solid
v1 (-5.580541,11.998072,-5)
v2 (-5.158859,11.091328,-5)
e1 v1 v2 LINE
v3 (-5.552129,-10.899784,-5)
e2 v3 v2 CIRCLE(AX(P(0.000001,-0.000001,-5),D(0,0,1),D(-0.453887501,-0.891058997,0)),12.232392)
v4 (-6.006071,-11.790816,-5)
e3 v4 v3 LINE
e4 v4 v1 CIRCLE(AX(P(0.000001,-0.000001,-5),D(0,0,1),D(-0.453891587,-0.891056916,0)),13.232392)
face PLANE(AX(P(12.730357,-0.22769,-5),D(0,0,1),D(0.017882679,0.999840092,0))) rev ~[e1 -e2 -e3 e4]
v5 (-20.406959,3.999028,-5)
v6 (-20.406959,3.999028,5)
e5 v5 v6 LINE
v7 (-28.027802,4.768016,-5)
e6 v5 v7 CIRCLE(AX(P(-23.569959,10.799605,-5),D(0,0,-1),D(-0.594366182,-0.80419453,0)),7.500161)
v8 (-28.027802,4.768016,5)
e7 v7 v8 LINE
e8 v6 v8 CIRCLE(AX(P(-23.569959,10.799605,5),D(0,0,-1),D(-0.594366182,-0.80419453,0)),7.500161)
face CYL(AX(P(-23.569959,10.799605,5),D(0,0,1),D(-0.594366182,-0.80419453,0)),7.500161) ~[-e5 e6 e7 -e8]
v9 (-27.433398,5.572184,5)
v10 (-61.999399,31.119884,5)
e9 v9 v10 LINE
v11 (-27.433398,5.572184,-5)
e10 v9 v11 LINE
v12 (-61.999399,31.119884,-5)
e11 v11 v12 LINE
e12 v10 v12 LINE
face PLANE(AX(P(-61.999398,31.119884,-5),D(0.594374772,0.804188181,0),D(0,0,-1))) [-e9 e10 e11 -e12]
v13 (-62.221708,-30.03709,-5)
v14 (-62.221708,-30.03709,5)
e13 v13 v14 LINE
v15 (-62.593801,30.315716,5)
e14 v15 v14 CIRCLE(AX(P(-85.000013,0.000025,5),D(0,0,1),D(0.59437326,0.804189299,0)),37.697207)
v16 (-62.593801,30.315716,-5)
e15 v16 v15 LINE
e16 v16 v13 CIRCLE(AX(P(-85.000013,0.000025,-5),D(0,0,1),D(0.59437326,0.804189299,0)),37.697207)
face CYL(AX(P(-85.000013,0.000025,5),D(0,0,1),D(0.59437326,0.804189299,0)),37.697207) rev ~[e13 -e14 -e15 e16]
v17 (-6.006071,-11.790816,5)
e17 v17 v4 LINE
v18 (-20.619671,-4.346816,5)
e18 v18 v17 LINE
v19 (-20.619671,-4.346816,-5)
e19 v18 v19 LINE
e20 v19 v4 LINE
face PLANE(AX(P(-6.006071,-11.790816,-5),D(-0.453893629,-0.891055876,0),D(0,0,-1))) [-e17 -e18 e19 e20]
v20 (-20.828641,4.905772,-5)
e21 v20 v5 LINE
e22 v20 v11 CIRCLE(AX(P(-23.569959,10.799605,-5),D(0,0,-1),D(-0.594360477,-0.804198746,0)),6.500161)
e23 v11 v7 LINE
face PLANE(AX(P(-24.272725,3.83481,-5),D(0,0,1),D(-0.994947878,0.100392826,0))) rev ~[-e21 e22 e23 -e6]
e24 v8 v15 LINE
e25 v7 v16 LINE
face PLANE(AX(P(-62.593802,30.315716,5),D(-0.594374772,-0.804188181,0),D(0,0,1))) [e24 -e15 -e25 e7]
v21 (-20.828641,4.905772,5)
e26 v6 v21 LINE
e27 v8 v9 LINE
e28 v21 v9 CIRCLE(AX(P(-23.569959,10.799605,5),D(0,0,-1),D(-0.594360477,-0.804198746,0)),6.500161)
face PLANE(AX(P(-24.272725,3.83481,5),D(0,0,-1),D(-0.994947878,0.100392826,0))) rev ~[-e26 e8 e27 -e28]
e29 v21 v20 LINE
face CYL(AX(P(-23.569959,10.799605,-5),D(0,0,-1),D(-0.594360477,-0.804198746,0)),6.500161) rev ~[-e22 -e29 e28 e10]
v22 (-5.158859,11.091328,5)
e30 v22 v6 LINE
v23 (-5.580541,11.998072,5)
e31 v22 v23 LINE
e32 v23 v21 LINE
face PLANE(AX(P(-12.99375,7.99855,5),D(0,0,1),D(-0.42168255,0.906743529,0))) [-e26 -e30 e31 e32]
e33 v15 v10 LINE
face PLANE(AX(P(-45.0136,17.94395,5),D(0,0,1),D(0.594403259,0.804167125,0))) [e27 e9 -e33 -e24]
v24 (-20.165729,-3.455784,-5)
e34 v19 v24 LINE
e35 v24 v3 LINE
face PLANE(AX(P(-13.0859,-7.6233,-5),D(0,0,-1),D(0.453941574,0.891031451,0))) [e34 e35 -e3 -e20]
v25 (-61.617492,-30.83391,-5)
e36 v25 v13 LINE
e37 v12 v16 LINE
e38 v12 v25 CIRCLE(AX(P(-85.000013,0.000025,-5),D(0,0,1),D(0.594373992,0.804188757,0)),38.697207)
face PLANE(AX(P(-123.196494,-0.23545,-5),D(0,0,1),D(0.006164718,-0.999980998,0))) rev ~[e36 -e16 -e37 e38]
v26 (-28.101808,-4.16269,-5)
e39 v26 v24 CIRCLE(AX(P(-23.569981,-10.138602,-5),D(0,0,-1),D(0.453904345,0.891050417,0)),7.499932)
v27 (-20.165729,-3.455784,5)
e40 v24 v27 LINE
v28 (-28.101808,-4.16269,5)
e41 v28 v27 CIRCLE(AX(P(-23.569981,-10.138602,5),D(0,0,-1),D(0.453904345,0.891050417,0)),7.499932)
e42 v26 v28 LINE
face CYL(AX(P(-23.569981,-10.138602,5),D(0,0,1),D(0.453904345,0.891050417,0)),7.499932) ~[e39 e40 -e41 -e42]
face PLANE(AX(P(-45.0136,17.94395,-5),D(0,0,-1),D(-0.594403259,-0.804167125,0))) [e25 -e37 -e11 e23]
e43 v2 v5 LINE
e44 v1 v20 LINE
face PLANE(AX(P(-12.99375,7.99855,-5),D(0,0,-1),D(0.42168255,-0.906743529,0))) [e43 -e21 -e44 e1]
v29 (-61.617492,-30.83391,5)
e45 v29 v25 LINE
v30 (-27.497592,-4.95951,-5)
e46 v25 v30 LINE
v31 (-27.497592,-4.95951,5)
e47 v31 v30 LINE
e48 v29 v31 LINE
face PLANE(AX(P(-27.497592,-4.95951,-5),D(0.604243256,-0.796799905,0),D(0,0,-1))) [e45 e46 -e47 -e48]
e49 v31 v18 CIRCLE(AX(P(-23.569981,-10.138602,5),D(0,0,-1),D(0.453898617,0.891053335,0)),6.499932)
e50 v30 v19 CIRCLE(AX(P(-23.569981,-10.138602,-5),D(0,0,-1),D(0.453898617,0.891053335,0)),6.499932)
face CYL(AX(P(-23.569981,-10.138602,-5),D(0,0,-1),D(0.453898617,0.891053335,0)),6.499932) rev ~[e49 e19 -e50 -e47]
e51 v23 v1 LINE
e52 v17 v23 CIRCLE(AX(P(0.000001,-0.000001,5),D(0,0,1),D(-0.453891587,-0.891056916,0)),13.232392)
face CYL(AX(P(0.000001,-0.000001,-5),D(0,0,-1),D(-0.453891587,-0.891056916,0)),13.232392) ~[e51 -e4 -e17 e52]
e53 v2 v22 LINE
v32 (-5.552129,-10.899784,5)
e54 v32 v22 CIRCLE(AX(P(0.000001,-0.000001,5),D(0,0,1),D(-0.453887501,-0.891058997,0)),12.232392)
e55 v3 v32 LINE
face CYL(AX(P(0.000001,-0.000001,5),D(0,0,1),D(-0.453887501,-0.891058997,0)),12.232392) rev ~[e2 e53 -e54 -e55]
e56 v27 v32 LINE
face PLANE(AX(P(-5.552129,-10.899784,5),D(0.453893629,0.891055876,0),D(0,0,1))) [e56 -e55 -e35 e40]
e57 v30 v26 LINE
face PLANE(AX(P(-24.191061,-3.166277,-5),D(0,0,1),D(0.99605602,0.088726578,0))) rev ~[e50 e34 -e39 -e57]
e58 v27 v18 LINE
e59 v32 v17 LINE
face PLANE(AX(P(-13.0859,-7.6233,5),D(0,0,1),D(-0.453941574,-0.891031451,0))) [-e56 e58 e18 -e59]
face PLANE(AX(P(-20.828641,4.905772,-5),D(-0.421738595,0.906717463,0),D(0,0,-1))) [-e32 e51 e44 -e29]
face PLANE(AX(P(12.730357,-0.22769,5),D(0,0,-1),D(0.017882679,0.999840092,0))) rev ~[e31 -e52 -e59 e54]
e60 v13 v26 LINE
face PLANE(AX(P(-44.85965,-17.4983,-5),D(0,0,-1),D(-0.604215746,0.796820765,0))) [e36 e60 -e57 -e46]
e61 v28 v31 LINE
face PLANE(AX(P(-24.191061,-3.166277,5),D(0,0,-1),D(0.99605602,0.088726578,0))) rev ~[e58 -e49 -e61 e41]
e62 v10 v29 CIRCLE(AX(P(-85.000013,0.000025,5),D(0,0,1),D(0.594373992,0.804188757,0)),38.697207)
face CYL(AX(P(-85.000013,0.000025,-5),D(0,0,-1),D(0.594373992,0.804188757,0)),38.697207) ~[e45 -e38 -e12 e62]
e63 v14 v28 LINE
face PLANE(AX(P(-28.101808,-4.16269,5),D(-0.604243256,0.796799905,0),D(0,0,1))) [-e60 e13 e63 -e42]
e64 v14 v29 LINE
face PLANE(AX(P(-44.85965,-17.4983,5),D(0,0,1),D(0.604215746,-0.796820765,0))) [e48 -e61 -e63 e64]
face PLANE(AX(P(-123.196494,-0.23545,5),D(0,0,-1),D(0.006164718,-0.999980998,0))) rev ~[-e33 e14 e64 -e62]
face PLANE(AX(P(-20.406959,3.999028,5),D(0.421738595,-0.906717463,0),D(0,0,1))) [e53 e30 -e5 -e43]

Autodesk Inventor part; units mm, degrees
sketch "Skizzenpfad" plane through (0, 0, 0) normal (0, 0, 1) x (1, 0, 0)
  arc A0 (-62.2966, 30.7178) -> (-61.9196, -30.4355) centre (-85, 0) ccw
  arc A1 (-27.7306, 5.1701) -> (-20.6178, 4.4524) centre (-23.57, 10.7995) ccw
  arc A2 (-5.7791, -11.3453) -> (-5.3697, 11.5447) centre (0, 0) ccw
  arc A3 (-20.3927, -3.9013) -> (-27.7997, -4.5611) centre (-23.57, -10.1387) ccw
  line L0 (-27.7997, -4.5611) -> (-61.9196, -30.4355)
  line L1 (-62.2966, 30.7178) -> (-27.7306, 5.1701)
  line L2 (-20.6178, 4.4524) -> (-5.3697, 11.5447)
  line L3 (-5.7791, -11.3453) -> (-20.3927, -3.9013)
ref_plane "Querschnittsebene" through (-61.9196, -30.4355, 0) normal (0.7968, 0.6042, 0) x (0, 0, 1)
ref_plane "Arbeitsebene2" through (-85, 0, 0) normal (-1, 0, 0) x (0, 0, 1)
ref_plane "Arbeitsebene3" through (0, 0, 0) normal (-0.9857, -0.1686, 0) x (0, 0, 1)
sketch "Querschnitt" plane through (-61.9196, -30.4355, 0) normal (0.7968, 0.6042, 0) x (0, 0, 1)
  line L0 (-5, 0.5) -> (5, 0.5)
  line L1 (5, 0.5) -> (5, -0.5)
  line L2 (5, -0.5) -> (-5, -0.5)
  line L3 (-5, -0.5) -> (-5, 0.5)
  line L4 (-5, 0) -> (5, 0) construction
  point P0 (0, 0)
  point P1 (0, 0)
  dimension "d0" = 10
  dimension "d4" = 0.5
  dimension "d5" = 0.5
sweep "Riemen" add profiles "Querschnitt" path "Skizzenpfad"
equation "\"d0\" = da_B"
equation "\"d4\" = da_a"
equation "\"d5\" = da_a2"
equation "\"da_B\" = 10"
equation "\"da_pb\" = 5"
equation "\"da_L\" = 355"
equation "\"da_a\" = 0.5"
equation "\"da_S\" = 2.65"
equation "\"da_Beta\" = 20deg"
equation "\"da_Ht\" = 1.2"
equation "\"da_H\" = 2.2"
equation "\"da_a2\" = 0.5"
properties part number "Zahnriemen" material "Rubber"
